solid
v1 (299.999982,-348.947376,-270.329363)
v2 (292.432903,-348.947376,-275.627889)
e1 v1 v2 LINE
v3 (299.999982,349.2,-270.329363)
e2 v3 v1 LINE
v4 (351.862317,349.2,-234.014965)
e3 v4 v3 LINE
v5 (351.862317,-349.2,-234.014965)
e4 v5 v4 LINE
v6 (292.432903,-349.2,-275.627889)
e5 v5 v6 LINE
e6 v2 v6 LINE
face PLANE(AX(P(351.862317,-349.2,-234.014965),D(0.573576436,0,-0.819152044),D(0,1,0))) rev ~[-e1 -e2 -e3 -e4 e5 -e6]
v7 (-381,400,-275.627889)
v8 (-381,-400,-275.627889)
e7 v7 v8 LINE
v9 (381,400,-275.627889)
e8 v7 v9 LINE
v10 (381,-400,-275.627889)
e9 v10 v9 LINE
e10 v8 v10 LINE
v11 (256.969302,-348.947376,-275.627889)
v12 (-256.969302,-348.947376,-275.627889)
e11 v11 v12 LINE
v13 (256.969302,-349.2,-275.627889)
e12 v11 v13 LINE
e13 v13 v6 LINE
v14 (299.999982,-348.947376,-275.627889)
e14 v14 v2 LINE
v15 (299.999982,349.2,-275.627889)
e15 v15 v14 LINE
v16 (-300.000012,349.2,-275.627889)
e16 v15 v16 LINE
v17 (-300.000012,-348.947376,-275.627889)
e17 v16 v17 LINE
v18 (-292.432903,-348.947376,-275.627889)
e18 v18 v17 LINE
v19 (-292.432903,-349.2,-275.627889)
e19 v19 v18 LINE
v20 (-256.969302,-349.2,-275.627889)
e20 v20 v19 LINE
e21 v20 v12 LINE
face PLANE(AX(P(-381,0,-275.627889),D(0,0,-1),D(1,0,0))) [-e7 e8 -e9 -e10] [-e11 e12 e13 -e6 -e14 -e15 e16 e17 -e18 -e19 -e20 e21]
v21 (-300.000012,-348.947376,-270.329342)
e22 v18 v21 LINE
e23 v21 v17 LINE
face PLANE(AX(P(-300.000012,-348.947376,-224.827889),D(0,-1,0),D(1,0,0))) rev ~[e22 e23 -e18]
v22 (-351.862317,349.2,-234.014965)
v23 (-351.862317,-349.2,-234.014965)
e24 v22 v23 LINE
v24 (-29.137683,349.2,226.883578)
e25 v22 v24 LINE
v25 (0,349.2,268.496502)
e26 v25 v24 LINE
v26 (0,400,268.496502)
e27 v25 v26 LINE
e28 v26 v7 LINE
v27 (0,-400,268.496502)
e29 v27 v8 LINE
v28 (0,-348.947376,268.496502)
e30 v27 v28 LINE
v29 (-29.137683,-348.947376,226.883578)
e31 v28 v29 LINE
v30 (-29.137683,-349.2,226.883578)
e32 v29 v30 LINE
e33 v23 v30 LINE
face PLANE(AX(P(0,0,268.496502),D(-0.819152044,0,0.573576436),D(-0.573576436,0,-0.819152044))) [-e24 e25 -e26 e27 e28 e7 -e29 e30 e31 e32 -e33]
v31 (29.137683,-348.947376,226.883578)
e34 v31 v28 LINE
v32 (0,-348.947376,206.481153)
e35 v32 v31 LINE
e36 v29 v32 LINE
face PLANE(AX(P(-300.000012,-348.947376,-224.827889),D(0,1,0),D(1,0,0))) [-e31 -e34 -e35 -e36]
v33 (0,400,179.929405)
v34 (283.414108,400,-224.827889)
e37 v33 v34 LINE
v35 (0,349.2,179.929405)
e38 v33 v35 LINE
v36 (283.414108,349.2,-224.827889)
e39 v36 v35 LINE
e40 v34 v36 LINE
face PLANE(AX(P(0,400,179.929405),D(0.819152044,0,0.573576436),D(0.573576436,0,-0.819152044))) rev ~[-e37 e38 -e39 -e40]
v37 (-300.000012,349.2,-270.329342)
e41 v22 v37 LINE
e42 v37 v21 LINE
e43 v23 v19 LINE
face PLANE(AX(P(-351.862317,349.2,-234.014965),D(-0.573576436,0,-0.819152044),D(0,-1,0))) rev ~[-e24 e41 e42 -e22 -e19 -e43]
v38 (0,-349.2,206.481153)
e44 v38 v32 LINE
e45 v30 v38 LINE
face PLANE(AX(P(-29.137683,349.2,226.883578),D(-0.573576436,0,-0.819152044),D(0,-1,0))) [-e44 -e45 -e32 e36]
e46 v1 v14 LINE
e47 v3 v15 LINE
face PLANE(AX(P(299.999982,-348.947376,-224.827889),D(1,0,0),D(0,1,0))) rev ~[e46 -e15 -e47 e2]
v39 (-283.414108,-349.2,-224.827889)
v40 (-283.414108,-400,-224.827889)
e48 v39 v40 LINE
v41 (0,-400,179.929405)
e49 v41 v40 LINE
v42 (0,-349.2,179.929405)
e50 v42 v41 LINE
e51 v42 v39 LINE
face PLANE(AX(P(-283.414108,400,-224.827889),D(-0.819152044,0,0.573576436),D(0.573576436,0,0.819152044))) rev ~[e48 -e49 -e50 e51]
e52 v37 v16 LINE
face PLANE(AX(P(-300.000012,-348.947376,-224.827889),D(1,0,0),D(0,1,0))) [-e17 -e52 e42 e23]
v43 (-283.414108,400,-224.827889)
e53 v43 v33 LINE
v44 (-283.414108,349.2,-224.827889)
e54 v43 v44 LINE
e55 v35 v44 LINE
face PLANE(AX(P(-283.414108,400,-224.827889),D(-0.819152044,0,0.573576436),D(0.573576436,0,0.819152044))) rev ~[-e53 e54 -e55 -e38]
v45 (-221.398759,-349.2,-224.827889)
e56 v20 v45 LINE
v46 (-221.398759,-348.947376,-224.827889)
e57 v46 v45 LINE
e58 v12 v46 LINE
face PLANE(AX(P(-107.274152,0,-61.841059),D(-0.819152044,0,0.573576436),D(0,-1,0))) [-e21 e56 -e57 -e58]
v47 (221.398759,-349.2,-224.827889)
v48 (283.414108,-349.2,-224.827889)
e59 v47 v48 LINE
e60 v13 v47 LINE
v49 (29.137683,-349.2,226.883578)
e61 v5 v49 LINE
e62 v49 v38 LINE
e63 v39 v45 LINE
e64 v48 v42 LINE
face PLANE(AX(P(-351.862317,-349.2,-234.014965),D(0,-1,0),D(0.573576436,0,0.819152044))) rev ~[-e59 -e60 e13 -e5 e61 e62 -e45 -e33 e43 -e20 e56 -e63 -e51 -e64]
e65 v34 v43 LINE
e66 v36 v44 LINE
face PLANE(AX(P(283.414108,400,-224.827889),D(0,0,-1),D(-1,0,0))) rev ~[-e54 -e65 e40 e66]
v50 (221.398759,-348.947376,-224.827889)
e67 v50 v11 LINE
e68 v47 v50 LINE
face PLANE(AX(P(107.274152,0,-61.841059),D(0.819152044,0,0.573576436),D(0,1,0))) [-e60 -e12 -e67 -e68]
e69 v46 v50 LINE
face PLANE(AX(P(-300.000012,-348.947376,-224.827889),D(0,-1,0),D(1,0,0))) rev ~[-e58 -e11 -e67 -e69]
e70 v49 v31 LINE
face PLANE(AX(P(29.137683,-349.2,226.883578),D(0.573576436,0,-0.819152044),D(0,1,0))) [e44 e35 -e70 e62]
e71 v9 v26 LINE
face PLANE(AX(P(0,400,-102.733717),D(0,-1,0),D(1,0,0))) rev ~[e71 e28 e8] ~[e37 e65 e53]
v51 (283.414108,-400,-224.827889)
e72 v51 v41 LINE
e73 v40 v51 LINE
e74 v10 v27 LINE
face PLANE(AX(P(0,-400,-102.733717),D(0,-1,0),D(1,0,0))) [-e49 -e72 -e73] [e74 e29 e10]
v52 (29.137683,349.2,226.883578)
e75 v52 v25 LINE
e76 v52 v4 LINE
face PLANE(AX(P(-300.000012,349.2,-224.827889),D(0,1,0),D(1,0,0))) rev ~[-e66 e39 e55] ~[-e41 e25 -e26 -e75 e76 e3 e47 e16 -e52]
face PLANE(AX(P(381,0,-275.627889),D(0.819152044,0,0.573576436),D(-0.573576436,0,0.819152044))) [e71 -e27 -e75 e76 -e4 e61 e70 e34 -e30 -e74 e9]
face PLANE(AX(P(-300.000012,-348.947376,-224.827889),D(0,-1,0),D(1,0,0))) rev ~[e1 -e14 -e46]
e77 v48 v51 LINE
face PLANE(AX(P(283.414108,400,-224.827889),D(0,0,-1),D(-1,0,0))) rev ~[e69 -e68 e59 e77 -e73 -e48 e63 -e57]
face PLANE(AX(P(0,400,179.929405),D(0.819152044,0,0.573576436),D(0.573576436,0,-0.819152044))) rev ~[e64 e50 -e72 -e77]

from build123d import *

# Parameters (mm, degrees)
F1_DEPTH  = 400
F2_W      = 698.4
F2_H      = 562.6532291316
F3_DEPTH  = 101.6
F4_W      = 698.4
F4_H      = 562.6532291316
F5_DEPTH  = 101.6
F7_DEPTH  = 800.001
F8_W      = 599.9999940395
F8_H      = 698.1473760128
F9_DEPTH  = 584.2
F10_DEPTH = 101.6


with BuildPart() as f1:
    # F0 (on Front) → F1 (new body, symmetric)
    with BuildSketch(Plane.XZ):
        Polygon((0, 268.4965017427), (-381, -275.6278888261), (381, -275.6278888261), align=None)
    extrude(amount=F1_DEPTH, both=True)

    # F2 (on face) → F3 (cut)
    with BuildSketch(Plane(origin=(126.1520906972, 0, 88.3326448671), x_dir=(0, 1, 0), z_dir=(0.8191520443, 0, 0.5735764364))):
        with Locations((0, -112.1871562789)):
            Rectangle(F2_W, F2_H)
    extrude(amount=-F3_DEPTH, mode=Mode.SUBTRACT)

    # F4 (on face) → F5 (cut)
    with BuildSketch(Plane(origin=(-126.1520906972, 0, 88.3326448671), x_dir=(0, -1, 0), z_dir=(-0.8191520443, 0, 0.5735764364))):
        with Locations((0, -112.1871562789)):
            Rectangle(F4_W, F4_H)
    extrude(amount=-F5_DEPTH, mode=Mode.SUBTRACT)

    # F6 (on face) → F7 (cut, through all)
    with BuildSketch(Plane(origin=(0, 400, 0), x_dir=(-1, 0, 0), z_dir=(0, 1, 0))):
        Polygon((0, 179.9294045251), (-283.4141079499, -224.8278888261), (283.4141079499, -224.8278888261), align=None)
    extrude(amount=-F7_DEPTH, mode=Mode.SUBTRACT)

    # F8 (on face) → F9 (cut)
    with BuildSketch(Plane.XY.offset(-224.8278888261)):
        with Locations((-1.49012e-05, 0.1263119936)):
            Rectangle(F8_W, F8_H)
    extrude(amount=F9_DEPTH, mode=Mode.SUBTRACT)

    # F8 (on face) → F10 (cut)
    with BuildSketch(Plane.XY.offset(-224.8278888261)):
        with Locations((-1.49012e-05, 0.1263119936)):
            Rectangle(F8_W, F8_H)
    extrude(amount=-F10_DEPTH, mode=Mode.SUBTRACT)


solid = f1.part
